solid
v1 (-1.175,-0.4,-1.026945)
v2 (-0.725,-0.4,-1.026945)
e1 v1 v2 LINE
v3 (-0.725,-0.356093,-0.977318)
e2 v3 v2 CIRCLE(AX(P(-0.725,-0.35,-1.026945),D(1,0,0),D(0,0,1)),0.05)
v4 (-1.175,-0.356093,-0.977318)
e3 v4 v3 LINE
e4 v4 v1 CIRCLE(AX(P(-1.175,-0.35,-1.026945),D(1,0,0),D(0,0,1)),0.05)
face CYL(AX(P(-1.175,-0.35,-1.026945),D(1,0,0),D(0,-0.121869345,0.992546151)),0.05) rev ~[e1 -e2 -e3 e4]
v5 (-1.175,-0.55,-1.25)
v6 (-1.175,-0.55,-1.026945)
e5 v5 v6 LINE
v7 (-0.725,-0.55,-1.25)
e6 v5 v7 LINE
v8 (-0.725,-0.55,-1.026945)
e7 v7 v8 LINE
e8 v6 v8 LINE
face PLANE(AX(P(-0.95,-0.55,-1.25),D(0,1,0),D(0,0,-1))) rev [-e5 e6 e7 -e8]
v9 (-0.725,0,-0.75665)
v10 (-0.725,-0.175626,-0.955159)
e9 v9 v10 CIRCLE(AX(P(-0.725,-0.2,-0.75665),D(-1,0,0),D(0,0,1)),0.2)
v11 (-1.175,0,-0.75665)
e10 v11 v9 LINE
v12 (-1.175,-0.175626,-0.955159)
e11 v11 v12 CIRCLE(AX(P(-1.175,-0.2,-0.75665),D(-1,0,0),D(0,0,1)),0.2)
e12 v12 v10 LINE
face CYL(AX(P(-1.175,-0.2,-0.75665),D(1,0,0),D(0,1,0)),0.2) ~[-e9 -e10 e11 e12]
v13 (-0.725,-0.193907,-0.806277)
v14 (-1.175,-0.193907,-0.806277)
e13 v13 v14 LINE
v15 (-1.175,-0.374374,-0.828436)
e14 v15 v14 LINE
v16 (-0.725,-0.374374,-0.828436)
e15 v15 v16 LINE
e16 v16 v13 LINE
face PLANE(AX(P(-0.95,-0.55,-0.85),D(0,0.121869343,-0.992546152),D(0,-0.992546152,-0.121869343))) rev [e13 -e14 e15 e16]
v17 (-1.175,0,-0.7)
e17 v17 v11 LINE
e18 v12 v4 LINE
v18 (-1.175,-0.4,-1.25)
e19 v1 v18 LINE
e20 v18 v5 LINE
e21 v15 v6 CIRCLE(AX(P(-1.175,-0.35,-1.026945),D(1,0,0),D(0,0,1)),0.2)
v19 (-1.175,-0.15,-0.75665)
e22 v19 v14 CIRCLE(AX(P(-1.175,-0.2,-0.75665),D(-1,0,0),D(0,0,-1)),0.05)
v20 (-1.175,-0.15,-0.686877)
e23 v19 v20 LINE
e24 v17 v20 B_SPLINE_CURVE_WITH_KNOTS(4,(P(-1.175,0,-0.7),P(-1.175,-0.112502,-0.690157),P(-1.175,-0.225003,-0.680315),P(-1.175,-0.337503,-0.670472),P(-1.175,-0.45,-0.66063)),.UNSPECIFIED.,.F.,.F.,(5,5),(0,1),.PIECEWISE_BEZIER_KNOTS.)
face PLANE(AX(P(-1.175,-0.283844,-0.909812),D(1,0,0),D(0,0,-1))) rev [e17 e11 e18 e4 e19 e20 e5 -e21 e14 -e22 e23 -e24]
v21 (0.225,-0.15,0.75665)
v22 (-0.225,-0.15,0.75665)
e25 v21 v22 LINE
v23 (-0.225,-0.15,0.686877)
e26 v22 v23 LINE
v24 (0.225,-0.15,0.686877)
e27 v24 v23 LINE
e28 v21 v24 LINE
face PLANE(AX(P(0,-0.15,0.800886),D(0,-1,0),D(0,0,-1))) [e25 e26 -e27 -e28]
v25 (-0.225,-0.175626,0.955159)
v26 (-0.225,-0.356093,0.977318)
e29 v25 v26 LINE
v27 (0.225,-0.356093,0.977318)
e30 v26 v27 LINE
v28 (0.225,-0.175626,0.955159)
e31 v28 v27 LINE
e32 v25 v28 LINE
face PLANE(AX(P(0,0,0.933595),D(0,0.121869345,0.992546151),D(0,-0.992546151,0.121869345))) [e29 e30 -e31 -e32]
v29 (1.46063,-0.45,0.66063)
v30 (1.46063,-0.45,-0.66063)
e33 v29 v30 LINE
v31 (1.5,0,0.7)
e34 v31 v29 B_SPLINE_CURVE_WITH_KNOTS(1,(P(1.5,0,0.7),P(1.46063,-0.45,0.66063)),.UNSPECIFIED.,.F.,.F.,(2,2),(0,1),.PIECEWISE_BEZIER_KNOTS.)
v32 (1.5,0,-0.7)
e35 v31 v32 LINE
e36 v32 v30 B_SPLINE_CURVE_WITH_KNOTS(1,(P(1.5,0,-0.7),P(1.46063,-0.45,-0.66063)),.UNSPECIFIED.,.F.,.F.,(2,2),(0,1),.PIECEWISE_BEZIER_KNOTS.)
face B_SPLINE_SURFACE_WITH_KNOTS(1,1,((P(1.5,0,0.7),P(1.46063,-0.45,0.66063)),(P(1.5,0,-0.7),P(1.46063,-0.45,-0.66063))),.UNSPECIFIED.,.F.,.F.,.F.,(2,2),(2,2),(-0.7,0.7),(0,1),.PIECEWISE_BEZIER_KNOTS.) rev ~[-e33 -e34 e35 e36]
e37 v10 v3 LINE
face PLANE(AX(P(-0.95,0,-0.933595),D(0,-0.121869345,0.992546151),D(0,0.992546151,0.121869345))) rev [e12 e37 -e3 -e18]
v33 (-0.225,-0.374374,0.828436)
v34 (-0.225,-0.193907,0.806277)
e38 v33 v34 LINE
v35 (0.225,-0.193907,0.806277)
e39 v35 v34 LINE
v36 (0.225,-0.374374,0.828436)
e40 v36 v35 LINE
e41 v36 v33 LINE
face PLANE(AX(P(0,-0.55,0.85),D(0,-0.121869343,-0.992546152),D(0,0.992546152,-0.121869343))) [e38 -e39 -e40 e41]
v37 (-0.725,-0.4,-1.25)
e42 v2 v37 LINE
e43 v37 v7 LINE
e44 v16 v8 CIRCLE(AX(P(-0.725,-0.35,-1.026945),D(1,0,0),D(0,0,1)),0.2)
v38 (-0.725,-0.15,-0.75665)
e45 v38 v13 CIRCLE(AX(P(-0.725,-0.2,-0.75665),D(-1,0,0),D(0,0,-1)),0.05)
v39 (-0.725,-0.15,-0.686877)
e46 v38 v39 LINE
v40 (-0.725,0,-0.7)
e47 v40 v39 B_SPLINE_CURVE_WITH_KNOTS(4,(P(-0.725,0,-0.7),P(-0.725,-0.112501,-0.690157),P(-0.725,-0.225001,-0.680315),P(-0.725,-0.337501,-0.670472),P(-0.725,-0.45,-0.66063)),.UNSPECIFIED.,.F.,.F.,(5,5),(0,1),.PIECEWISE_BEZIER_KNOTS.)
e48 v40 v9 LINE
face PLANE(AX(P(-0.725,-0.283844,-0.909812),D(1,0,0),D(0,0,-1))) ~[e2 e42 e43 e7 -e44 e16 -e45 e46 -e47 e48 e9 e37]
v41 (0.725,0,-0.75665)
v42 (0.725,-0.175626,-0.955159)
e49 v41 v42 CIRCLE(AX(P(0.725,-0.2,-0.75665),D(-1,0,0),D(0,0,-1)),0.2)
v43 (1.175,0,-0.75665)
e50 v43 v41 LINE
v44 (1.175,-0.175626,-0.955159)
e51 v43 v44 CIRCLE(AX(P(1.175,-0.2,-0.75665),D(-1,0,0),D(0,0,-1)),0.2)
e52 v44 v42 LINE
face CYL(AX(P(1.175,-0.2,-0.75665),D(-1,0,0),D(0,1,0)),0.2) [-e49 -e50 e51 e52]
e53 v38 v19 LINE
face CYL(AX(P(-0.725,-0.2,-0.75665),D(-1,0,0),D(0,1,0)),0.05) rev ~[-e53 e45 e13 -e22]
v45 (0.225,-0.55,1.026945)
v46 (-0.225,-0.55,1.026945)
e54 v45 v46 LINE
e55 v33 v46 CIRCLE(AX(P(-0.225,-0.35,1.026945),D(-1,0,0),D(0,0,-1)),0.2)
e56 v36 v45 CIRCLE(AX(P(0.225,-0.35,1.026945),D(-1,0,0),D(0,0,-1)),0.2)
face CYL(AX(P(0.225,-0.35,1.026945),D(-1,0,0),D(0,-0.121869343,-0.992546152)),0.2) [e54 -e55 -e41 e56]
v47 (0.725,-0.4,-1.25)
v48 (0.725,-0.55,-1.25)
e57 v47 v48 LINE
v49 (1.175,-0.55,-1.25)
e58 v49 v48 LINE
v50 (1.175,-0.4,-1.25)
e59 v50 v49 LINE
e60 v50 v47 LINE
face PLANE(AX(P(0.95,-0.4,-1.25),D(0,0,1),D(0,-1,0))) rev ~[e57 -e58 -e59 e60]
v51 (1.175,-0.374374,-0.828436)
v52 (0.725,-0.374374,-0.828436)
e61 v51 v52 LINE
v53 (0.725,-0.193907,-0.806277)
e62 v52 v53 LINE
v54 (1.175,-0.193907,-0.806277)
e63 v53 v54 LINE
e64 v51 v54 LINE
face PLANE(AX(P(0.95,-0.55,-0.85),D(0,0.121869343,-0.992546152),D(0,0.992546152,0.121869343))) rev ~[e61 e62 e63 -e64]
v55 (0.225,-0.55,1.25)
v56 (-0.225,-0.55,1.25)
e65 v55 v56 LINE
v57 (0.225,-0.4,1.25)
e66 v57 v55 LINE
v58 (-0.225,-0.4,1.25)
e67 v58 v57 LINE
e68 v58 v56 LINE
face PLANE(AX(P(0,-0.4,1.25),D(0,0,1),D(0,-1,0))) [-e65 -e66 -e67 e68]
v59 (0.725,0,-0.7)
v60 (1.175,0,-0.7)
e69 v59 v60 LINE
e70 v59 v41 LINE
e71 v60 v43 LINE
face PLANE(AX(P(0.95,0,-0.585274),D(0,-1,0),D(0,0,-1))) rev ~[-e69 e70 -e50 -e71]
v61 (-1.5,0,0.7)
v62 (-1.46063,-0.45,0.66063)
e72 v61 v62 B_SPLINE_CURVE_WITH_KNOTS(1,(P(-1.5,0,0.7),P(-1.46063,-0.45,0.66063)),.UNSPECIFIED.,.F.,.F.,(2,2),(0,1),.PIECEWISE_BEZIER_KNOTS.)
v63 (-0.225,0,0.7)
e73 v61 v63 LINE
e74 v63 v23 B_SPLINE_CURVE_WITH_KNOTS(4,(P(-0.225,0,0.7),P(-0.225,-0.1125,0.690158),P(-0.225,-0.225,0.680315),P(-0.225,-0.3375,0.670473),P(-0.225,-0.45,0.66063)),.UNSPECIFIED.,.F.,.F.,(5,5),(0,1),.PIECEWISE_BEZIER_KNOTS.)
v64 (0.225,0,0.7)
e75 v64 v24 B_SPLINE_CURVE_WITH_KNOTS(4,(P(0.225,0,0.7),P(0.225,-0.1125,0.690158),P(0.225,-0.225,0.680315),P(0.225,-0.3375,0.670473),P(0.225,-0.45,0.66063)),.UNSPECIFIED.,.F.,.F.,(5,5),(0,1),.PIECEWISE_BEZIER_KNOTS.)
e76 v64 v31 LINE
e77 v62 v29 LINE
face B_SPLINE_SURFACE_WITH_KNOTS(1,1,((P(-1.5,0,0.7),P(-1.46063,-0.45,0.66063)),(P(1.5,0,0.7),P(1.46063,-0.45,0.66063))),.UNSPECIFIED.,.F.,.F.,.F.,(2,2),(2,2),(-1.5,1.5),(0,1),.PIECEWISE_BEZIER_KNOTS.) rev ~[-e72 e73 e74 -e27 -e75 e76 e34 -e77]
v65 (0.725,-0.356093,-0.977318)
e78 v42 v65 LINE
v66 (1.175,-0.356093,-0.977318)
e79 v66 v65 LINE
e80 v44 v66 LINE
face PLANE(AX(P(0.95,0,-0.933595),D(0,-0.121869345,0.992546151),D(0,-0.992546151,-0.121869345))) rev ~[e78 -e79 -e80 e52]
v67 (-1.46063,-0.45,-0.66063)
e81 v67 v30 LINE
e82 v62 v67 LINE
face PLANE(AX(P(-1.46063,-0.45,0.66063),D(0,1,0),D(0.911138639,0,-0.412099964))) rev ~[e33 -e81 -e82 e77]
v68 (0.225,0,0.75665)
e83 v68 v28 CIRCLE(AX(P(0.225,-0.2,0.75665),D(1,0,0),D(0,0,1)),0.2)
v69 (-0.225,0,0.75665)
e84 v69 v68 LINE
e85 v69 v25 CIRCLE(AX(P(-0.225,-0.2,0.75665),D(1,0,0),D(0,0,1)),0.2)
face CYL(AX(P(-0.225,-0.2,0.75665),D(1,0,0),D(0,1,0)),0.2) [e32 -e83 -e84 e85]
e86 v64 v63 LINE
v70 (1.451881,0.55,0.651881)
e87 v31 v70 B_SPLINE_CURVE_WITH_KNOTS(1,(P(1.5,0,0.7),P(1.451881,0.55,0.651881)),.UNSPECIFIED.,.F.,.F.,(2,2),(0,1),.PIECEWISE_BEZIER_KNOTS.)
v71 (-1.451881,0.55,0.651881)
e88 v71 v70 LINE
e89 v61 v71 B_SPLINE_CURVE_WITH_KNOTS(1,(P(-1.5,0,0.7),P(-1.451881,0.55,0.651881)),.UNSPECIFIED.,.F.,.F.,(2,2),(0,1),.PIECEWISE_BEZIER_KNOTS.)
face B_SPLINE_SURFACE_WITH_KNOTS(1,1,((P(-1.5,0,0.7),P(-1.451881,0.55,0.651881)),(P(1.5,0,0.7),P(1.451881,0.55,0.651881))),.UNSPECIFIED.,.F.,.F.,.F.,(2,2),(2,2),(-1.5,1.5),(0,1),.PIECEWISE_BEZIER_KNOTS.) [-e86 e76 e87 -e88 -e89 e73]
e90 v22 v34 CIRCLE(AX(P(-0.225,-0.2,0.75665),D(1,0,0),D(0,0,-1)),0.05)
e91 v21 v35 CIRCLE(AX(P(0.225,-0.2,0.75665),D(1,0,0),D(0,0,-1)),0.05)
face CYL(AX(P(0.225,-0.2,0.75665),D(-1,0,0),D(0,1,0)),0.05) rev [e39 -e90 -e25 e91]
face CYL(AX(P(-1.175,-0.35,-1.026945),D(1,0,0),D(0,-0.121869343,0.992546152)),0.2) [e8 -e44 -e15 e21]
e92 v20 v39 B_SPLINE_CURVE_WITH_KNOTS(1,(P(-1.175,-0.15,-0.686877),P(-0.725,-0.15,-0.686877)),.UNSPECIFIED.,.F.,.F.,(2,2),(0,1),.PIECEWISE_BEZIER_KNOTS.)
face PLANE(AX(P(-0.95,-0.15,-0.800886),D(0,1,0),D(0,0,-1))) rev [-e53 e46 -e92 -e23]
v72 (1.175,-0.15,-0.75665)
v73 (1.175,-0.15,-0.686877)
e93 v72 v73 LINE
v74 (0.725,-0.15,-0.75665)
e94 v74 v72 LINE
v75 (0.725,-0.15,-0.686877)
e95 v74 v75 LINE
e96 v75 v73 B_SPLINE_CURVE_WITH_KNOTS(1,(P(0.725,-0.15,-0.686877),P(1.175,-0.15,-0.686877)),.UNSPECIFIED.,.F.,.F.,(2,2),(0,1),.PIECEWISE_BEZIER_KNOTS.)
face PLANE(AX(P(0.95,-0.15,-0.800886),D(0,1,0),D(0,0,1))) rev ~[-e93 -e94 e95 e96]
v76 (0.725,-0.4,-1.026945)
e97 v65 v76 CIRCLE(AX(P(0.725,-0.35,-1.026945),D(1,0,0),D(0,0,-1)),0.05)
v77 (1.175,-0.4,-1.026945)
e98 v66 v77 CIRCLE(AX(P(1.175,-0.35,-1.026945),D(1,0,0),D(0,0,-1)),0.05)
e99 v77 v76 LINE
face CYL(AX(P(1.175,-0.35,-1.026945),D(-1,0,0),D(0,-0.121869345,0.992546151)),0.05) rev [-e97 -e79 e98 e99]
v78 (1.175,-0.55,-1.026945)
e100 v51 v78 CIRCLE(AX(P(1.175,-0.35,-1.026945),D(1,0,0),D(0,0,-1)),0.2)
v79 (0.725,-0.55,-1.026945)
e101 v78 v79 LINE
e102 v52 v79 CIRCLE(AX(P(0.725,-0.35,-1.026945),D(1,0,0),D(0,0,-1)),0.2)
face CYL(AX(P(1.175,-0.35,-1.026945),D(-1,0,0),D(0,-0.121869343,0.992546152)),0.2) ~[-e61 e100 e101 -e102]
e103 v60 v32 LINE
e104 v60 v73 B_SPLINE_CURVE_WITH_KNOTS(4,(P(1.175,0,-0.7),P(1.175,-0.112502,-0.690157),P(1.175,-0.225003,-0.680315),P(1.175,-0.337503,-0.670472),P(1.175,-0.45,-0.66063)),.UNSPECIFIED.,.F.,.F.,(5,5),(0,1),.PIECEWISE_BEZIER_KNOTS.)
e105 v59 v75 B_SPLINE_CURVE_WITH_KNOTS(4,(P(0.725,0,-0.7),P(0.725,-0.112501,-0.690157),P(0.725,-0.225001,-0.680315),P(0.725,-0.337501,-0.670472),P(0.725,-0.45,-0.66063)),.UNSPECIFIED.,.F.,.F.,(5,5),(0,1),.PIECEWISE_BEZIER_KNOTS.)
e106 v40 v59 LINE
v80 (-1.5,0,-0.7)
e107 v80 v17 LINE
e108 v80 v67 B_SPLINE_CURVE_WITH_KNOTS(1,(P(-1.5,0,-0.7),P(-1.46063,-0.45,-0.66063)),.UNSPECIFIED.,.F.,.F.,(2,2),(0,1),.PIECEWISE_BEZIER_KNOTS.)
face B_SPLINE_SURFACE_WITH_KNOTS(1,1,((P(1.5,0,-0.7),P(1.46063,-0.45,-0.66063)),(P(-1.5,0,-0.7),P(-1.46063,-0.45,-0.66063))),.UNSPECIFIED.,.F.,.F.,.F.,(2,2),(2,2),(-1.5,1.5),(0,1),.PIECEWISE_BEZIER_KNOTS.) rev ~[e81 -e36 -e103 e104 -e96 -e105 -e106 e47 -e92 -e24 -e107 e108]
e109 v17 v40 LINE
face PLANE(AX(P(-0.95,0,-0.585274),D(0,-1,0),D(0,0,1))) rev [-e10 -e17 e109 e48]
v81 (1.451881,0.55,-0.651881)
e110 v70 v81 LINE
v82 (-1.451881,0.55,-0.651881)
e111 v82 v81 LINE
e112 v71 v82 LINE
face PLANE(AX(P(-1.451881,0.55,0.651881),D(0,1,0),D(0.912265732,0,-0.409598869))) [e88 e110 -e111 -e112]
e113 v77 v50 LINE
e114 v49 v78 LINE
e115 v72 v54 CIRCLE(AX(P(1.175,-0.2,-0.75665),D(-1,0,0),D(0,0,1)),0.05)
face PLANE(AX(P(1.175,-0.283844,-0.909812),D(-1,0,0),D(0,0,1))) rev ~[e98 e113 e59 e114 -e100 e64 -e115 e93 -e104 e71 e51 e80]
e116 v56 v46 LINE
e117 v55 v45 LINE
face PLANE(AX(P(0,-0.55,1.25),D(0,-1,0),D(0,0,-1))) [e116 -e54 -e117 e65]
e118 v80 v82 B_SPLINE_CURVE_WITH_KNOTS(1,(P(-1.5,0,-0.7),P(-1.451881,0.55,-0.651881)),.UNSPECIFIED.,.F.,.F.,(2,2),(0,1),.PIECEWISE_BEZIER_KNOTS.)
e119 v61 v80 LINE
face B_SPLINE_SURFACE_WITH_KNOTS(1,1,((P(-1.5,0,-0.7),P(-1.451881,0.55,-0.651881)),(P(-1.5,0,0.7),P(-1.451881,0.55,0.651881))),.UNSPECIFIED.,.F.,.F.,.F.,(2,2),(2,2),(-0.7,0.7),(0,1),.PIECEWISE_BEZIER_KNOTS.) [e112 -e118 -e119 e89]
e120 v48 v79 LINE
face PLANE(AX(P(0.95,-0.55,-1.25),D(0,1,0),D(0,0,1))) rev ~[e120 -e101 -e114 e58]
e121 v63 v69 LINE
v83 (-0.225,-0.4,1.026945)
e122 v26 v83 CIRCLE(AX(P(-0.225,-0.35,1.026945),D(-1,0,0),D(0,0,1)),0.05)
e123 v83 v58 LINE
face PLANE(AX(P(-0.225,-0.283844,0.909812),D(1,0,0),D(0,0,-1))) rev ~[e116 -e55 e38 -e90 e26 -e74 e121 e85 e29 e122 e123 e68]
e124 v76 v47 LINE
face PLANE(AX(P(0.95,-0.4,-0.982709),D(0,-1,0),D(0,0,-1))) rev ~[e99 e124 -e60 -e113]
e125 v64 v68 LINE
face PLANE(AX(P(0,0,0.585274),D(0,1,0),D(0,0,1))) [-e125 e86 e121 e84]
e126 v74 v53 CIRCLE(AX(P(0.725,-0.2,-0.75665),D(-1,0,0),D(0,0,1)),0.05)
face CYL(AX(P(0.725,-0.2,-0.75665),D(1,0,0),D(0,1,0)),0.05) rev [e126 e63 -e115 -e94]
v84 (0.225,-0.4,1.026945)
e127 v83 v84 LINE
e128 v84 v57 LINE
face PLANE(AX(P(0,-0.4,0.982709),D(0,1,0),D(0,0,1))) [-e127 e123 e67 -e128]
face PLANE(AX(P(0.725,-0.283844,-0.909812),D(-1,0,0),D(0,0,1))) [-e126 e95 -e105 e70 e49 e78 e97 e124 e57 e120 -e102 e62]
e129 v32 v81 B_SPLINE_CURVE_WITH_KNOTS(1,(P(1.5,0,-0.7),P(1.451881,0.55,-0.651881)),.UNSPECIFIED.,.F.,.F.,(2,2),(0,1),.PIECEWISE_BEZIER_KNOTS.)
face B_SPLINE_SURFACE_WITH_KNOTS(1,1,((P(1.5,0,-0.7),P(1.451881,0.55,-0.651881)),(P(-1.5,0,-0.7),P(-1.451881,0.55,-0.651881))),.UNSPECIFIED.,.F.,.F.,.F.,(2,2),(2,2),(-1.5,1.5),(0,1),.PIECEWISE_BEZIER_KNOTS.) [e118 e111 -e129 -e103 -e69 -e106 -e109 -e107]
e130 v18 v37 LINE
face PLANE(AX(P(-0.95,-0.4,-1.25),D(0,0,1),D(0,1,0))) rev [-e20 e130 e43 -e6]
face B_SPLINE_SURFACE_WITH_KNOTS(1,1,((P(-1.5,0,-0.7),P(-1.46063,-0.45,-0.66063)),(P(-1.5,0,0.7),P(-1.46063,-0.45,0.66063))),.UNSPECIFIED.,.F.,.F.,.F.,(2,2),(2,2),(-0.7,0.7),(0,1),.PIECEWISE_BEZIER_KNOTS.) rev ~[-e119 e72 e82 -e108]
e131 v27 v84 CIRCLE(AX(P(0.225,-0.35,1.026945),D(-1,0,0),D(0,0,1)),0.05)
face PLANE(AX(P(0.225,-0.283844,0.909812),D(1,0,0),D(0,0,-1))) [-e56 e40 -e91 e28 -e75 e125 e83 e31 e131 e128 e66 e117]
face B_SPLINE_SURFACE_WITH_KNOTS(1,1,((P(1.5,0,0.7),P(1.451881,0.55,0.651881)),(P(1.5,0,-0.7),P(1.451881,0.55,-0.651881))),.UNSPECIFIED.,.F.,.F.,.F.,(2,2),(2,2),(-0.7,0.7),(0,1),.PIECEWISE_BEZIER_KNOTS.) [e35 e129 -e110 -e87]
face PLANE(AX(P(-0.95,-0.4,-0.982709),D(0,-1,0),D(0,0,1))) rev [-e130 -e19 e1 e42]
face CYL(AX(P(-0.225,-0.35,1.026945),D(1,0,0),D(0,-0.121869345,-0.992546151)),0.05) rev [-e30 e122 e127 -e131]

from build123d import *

# Parameters (mm, degrees)
SKETCH1_W                = 3
SKETCH1_H                = 1.4
EXTRUDE1_DEPTH           = 0.55
EXTRUDE1_TAPER           = 5
EXTRUDE1_OTHER_WAY_DEPTH = 0.45
EXTRUDE1_OTHER_WAY_TAPER = 5
EXTRUDE2_DEPTH           = 0.225
EXTRUDE2_DEPTH_BACK      = 0.225
EXTRUDE3_START           = 0.95
EXTRUDE3_DEPTH           = 0.225
FILLET1_R                = 0.05
FILLET2_R                = 0.2


with BuildPart() as part:
    # Sketch1 → Extrude1 (new body)
    with BuildSketch(Plane(origin=(0, 0, 0), x_dir=(1, 0, 0), z_dir=(0, 1, 0))):
        Rectangle(SKETCH1_W, SKETCH1_H)
    extrude(amount=EXTRUDE1_DEPTH, taper=EXTRUDE1_TAPER)

    # Sketch1 → Extrude1 other way (add)
    with BuildSketch(Plane(origin=(0, 0, 0), x_dir=(1, 0, 0), z_dir=(0, 1, 0))):
        Rectangle(SKETCH1_W, SKETCH1_H)
    extrude(amount=-EXTRUDE1_OTHER_WAY_DEPTH, taper=EXTRUDE1_OTHER_WAY_TAPER)

    # Sketch2 → Extrude2 (add, two sides)
    with BuildSketch(Plane(origin=(0, 0, 0), x_dir=(0, 0, -1), z_dir=(1, 0, 0))) as extrude2_sk:
        Polygon((-0.585273808, 0), (-0.933594965, 0), (-0.98270879, -0.4), (-1.25, -0.4), (-1.25, -0.55), (-0.85, -0.55), (-0.800886176, -0.15), (-0.585273808, -0.15), align=None)
    extrude(amount=EXTRUDE2_DEPTH)
    extrude(extrude2_sk.sketch, amount=-EXTRUDE2_DEPTH_BACK)

    # Sketch2_3 → Extrude3 (add, symmetric)
    with BuildSketch(Plane(origin=(0, 0, 0), x_dir=(0, 0, -1), z_dir=(1, 0, 0)).offset(EXTRUDE3_START)):
        Polygon((0.585273808, 0), (0.933594965, 0), (0.98270879, -0.4), (1.25, -0.4), (1.25, -0.55), (0.85, -0.55), (0.800886176, -0.15), (0.585273808, -0.15), align=None)
    extrude3 = extrude(amount=EXTRUDE3_DEPTH, both=True)

    # Mirror1: Extrude3 across plane
    add(extrude3.mirror(Plane(origin=(0, 0, 0), x_dir=(0, 0, 1), z_dir=(1, 0, 0))))

    # Fillet1
    fillet1_edges = [part.edges().sort_by_distance(p)[0] for p in [
        (0, -0.4, 0.98270879),
        (0, -0.15, 0.800886176),
        (0.95, -0.15, -0.800886176),
        (0.95, -0.4, -0.98270879),
        (-0.95, -0.4, -0.98270879),
        (-0.95, -0.15, -0.800886176),
    ]]
    fillet(fillet1_edges, radius=FILLET1_R)

    # Fillet2
    fillet2_edges = [part.edges().sort_by_distance(p)[0] for p in [
        (0, 0, 0.933594965),
        (0, -0.55, 0.85),
        (0.95, 0, -0.933594965),
        (0.95, -0.55, -0.85),
        (-0.95, 0, -0.933594965),
        (-0.95, -0.55, -0.85),
    ]]
    fillet(fillet2_edges, radius=FILLET2_R)


solid = part.part
